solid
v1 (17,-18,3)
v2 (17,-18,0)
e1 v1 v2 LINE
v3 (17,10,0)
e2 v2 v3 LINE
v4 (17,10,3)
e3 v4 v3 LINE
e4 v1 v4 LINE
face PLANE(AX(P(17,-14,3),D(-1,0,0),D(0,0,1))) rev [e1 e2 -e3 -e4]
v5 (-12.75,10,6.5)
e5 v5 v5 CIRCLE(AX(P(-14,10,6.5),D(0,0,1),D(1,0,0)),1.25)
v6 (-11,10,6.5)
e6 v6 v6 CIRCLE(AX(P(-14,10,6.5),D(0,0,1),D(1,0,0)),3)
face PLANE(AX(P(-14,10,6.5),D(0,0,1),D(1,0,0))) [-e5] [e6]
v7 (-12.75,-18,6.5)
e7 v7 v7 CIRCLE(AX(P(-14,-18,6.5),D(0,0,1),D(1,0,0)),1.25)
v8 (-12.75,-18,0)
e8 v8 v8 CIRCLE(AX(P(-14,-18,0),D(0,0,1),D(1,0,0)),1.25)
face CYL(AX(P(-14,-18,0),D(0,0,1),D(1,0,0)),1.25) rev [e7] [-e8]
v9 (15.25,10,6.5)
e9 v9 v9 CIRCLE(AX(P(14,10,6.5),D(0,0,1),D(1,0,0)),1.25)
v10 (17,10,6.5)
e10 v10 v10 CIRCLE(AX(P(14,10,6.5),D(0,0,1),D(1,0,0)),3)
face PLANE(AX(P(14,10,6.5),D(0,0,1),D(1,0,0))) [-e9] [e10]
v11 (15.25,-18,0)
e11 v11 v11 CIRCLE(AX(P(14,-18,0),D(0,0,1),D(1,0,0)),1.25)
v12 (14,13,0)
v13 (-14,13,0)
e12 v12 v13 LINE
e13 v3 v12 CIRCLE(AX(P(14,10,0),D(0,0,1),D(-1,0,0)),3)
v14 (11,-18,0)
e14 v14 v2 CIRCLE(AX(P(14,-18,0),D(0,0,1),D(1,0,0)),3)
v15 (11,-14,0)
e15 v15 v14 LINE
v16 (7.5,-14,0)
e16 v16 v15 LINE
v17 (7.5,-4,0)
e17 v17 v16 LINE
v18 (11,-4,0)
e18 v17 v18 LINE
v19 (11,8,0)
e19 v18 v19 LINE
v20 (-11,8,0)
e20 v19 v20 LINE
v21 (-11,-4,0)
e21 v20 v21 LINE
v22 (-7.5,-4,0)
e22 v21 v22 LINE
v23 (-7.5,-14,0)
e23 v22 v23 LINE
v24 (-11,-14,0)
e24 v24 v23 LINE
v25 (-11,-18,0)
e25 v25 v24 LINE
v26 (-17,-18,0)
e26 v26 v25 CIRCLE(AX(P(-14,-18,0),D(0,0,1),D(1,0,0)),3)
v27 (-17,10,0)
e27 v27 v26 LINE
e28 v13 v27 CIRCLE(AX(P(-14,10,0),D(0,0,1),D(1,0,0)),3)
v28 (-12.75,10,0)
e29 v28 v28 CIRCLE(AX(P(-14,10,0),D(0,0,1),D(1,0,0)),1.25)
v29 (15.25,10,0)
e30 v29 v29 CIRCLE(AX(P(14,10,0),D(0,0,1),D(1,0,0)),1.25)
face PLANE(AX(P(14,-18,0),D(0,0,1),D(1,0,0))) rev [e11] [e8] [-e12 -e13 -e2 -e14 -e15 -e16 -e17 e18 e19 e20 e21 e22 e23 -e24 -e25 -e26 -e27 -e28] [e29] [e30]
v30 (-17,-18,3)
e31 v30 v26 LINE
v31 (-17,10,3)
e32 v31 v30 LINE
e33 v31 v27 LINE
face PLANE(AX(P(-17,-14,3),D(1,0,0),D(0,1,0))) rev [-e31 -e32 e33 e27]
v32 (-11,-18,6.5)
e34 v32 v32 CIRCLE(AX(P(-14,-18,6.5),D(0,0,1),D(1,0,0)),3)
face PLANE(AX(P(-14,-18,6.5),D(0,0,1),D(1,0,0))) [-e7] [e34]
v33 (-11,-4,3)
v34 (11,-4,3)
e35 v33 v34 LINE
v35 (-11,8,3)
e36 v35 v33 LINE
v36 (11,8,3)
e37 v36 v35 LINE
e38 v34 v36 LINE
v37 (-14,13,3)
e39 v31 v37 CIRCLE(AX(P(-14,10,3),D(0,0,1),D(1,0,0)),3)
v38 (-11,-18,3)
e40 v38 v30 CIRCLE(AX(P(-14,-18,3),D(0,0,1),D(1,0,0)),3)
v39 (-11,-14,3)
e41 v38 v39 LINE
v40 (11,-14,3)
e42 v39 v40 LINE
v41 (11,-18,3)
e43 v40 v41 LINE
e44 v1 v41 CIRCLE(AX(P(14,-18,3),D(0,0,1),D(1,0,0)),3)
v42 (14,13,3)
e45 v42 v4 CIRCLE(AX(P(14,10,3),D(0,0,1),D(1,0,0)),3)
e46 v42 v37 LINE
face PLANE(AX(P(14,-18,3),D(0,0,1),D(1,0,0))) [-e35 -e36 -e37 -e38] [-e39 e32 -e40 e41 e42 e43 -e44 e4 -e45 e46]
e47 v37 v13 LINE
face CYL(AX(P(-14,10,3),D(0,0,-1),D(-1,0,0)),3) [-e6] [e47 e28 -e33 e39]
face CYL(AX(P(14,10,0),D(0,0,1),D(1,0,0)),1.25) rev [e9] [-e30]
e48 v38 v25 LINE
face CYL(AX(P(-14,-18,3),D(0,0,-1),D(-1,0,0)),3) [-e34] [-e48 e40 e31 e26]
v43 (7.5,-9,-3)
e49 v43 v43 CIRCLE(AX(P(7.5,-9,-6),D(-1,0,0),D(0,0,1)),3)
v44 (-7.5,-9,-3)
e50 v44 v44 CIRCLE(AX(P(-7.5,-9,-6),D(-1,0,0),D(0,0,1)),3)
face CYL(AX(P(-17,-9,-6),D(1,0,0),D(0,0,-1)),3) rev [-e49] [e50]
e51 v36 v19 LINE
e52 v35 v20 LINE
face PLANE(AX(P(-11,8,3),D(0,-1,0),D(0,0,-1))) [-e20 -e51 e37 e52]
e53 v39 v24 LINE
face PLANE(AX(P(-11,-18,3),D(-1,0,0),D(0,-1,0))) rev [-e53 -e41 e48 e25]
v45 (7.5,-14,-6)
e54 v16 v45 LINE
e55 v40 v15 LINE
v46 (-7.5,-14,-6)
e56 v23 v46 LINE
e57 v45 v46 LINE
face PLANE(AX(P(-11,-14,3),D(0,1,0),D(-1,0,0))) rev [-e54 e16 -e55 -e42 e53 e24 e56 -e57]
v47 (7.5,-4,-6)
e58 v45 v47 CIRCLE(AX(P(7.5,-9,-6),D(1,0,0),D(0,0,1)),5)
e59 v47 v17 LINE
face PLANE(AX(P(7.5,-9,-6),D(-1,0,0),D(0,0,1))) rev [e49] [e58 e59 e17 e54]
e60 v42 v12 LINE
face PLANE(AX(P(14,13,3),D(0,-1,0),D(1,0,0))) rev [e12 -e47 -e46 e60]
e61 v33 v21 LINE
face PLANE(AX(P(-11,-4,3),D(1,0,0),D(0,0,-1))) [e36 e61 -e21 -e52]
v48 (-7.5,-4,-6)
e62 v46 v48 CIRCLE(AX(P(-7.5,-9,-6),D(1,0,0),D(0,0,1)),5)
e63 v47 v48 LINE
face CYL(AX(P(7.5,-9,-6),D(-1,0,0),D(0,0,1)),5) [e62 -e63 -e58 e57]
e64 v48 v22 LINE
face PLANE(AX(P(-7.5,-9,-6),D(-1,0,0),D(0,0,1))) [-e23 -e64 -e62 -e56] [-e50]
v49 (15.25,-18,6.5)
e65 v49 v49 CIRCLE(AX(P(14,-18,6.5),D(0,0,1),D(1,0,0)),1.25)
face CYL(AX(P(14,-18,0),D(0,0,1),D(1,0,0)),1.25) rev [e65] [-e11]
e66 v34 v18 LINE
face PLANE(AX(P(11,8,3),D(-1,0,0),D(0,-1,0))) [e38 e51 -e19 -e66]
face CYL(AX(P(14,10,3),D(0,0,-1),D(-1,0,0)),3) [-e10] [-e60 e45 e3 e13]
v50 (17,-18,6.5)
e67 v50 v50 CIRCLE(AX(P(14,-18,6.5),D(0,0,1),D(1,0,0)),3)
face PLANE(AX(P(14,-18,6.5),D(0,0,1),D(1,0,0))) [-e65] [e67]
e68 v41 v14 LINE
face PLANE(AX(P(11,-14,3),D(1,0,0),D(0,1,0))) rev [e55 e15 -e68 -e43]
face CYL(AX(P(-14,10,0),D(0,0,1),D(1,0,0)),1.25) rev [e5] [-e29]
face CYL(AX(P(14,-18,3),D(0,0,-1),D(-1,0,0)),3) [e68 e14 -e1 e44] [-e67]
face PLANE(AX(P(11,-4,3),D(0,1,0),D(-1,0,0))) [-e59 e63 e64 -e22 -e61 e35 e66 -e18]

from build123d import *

# Parameters (mm, degrees)
ESQUISSE1_W                  = 22
ESQUISSE1_H                  = 12
BOSS_EXTRU_1_DEPTH           = 3
ESQUISSE3_R                  = 3
BOSS_EXTRU_3_DEPTH           = 3.5
ESQUISSE4_R                  = 1.25
ENL_V_MAT_EXTRU_1_DEPTH      = 28.789386463
BOSS_EXTRU_4_DEPTH           = 7.5
ENL_V_MAT_EXTRU_2_DEPTH      = 30.171904292
ENL_V_MAT_EXTRU_2_DEPTH_BACK = 30.171904292
ESQUISSE6_R                  = 3


with BuildPart() as part:
    # Esquisse1 → Boss.-Extru.1 (new body)
    with BuildSketch(Plane.XY):
        with BuildLine():
            Line((-17, -14), (-17, -18))
            ThreePointArc((-17, -18), (-14, -21), (-11, -18))
            Line((-11, -18), (-11, -14))
            Line((-11, -14), (11, -14))
            Line((11, -14), (11, -18))
            ThreePointArc((11, -18), (14, -21), (17, -18))
            Line((17, -18), (17, -14))
            Line((17, -14), (17, 10))
            ThreePointArc((17, 10), (16.121320344, 12.121320344), (14, 13))
            Line((14, 13), (-14, 13))
            ThreePointArc((-14, 13), (-16.121320344, 12.121320344), (-17, 10))
            Line((-17, 10), (-17, -14))
        make_face()
        with Locations((0, 2)):
            Rectangle(ESQUISSE1_W, ESQUISSE1_H, mode=Mode.SUBTRACT)
    extrude(amount=BOSS_EXTRU_1_DEPTH)

    # Esquisse3 → Boss.-Extru.3 (add)
    with BuildSketch(Plane.XY.offset(3)):
        with Locations((14, 10)):
            Circle(ESQUISSE3_R)
        with Locations(Location((-14, 10, 0), (0, 0, 180))):
            Circle(ESQUISSE3_R)
        with Locations((-14, -18)):
            Circle(ESQUISSE3_R)
        with Locations((14, -18)):
            Circle(ESQUISSE3_R)
    extrude(amount=BOSS_EXTRU_3_DEPTH)

    # Esquisse4 → Enlèv. mat.-Extru.1 (cut, through all)
    with BuildSketch(Plane.XY.offset(6.5)):
        with Locations((-14, 10)):
            Circle(ESQUISSE4_R)
        with Locations((14, 10)):
            Circle(ESQUISSE4_R)
        with Locations((-14, -18)):
            Circle(ESQUISSE4_R)
        with Locations((14, -18)):
            Circle(ESQUISSE4_R)
    extrude(amount=-ENL_V_MAT_EXTRU_1_DEPTH, mode=Mode.SUBTRACT)

    # Esquisse5 → Boss.-Extru.4 (add, symmetric)
    with BuildSketch(Plane(origin=(0, 0, 0), x_dir=(0, 0, -1), z_dir=(1, 0, 0))):
        with BuildLine():
            Line((6, -14), (0, -14))
            Line((0, -14), (0, -4))
            Line((0, -4), (6, -4))
            ThreePointArc((6, -4), (11, -9), (6, -14))
        make_face()
    extrude(amount=BOSS_EXTRU_4_DEPTH, both=True)

    # Esquisse6 → Enlèv. mat.-Extru.2 (cut, two sides: drawn at the far end of the back side and taken through both)
    with BuildSketch(Plane(origin=(0, 0, 0), x_dir=(0, 0, -1), z_dir=(1, 0, 0)).offset(-ENL_V_MAT_EXTRU_2_DEPTH_BACK)):
        with Locations(Location((6, -9, 0), (0, 0, 180))):
            Circle(ESQUISSE6_R)
    extrude(amount=ENL_V_MAT_EXTRU_2_DEPTH + ENL_V_MAT_EXTRU_2_DEPTH_BACK, mode=Mode.SUBTRACT)


solid = part.part
